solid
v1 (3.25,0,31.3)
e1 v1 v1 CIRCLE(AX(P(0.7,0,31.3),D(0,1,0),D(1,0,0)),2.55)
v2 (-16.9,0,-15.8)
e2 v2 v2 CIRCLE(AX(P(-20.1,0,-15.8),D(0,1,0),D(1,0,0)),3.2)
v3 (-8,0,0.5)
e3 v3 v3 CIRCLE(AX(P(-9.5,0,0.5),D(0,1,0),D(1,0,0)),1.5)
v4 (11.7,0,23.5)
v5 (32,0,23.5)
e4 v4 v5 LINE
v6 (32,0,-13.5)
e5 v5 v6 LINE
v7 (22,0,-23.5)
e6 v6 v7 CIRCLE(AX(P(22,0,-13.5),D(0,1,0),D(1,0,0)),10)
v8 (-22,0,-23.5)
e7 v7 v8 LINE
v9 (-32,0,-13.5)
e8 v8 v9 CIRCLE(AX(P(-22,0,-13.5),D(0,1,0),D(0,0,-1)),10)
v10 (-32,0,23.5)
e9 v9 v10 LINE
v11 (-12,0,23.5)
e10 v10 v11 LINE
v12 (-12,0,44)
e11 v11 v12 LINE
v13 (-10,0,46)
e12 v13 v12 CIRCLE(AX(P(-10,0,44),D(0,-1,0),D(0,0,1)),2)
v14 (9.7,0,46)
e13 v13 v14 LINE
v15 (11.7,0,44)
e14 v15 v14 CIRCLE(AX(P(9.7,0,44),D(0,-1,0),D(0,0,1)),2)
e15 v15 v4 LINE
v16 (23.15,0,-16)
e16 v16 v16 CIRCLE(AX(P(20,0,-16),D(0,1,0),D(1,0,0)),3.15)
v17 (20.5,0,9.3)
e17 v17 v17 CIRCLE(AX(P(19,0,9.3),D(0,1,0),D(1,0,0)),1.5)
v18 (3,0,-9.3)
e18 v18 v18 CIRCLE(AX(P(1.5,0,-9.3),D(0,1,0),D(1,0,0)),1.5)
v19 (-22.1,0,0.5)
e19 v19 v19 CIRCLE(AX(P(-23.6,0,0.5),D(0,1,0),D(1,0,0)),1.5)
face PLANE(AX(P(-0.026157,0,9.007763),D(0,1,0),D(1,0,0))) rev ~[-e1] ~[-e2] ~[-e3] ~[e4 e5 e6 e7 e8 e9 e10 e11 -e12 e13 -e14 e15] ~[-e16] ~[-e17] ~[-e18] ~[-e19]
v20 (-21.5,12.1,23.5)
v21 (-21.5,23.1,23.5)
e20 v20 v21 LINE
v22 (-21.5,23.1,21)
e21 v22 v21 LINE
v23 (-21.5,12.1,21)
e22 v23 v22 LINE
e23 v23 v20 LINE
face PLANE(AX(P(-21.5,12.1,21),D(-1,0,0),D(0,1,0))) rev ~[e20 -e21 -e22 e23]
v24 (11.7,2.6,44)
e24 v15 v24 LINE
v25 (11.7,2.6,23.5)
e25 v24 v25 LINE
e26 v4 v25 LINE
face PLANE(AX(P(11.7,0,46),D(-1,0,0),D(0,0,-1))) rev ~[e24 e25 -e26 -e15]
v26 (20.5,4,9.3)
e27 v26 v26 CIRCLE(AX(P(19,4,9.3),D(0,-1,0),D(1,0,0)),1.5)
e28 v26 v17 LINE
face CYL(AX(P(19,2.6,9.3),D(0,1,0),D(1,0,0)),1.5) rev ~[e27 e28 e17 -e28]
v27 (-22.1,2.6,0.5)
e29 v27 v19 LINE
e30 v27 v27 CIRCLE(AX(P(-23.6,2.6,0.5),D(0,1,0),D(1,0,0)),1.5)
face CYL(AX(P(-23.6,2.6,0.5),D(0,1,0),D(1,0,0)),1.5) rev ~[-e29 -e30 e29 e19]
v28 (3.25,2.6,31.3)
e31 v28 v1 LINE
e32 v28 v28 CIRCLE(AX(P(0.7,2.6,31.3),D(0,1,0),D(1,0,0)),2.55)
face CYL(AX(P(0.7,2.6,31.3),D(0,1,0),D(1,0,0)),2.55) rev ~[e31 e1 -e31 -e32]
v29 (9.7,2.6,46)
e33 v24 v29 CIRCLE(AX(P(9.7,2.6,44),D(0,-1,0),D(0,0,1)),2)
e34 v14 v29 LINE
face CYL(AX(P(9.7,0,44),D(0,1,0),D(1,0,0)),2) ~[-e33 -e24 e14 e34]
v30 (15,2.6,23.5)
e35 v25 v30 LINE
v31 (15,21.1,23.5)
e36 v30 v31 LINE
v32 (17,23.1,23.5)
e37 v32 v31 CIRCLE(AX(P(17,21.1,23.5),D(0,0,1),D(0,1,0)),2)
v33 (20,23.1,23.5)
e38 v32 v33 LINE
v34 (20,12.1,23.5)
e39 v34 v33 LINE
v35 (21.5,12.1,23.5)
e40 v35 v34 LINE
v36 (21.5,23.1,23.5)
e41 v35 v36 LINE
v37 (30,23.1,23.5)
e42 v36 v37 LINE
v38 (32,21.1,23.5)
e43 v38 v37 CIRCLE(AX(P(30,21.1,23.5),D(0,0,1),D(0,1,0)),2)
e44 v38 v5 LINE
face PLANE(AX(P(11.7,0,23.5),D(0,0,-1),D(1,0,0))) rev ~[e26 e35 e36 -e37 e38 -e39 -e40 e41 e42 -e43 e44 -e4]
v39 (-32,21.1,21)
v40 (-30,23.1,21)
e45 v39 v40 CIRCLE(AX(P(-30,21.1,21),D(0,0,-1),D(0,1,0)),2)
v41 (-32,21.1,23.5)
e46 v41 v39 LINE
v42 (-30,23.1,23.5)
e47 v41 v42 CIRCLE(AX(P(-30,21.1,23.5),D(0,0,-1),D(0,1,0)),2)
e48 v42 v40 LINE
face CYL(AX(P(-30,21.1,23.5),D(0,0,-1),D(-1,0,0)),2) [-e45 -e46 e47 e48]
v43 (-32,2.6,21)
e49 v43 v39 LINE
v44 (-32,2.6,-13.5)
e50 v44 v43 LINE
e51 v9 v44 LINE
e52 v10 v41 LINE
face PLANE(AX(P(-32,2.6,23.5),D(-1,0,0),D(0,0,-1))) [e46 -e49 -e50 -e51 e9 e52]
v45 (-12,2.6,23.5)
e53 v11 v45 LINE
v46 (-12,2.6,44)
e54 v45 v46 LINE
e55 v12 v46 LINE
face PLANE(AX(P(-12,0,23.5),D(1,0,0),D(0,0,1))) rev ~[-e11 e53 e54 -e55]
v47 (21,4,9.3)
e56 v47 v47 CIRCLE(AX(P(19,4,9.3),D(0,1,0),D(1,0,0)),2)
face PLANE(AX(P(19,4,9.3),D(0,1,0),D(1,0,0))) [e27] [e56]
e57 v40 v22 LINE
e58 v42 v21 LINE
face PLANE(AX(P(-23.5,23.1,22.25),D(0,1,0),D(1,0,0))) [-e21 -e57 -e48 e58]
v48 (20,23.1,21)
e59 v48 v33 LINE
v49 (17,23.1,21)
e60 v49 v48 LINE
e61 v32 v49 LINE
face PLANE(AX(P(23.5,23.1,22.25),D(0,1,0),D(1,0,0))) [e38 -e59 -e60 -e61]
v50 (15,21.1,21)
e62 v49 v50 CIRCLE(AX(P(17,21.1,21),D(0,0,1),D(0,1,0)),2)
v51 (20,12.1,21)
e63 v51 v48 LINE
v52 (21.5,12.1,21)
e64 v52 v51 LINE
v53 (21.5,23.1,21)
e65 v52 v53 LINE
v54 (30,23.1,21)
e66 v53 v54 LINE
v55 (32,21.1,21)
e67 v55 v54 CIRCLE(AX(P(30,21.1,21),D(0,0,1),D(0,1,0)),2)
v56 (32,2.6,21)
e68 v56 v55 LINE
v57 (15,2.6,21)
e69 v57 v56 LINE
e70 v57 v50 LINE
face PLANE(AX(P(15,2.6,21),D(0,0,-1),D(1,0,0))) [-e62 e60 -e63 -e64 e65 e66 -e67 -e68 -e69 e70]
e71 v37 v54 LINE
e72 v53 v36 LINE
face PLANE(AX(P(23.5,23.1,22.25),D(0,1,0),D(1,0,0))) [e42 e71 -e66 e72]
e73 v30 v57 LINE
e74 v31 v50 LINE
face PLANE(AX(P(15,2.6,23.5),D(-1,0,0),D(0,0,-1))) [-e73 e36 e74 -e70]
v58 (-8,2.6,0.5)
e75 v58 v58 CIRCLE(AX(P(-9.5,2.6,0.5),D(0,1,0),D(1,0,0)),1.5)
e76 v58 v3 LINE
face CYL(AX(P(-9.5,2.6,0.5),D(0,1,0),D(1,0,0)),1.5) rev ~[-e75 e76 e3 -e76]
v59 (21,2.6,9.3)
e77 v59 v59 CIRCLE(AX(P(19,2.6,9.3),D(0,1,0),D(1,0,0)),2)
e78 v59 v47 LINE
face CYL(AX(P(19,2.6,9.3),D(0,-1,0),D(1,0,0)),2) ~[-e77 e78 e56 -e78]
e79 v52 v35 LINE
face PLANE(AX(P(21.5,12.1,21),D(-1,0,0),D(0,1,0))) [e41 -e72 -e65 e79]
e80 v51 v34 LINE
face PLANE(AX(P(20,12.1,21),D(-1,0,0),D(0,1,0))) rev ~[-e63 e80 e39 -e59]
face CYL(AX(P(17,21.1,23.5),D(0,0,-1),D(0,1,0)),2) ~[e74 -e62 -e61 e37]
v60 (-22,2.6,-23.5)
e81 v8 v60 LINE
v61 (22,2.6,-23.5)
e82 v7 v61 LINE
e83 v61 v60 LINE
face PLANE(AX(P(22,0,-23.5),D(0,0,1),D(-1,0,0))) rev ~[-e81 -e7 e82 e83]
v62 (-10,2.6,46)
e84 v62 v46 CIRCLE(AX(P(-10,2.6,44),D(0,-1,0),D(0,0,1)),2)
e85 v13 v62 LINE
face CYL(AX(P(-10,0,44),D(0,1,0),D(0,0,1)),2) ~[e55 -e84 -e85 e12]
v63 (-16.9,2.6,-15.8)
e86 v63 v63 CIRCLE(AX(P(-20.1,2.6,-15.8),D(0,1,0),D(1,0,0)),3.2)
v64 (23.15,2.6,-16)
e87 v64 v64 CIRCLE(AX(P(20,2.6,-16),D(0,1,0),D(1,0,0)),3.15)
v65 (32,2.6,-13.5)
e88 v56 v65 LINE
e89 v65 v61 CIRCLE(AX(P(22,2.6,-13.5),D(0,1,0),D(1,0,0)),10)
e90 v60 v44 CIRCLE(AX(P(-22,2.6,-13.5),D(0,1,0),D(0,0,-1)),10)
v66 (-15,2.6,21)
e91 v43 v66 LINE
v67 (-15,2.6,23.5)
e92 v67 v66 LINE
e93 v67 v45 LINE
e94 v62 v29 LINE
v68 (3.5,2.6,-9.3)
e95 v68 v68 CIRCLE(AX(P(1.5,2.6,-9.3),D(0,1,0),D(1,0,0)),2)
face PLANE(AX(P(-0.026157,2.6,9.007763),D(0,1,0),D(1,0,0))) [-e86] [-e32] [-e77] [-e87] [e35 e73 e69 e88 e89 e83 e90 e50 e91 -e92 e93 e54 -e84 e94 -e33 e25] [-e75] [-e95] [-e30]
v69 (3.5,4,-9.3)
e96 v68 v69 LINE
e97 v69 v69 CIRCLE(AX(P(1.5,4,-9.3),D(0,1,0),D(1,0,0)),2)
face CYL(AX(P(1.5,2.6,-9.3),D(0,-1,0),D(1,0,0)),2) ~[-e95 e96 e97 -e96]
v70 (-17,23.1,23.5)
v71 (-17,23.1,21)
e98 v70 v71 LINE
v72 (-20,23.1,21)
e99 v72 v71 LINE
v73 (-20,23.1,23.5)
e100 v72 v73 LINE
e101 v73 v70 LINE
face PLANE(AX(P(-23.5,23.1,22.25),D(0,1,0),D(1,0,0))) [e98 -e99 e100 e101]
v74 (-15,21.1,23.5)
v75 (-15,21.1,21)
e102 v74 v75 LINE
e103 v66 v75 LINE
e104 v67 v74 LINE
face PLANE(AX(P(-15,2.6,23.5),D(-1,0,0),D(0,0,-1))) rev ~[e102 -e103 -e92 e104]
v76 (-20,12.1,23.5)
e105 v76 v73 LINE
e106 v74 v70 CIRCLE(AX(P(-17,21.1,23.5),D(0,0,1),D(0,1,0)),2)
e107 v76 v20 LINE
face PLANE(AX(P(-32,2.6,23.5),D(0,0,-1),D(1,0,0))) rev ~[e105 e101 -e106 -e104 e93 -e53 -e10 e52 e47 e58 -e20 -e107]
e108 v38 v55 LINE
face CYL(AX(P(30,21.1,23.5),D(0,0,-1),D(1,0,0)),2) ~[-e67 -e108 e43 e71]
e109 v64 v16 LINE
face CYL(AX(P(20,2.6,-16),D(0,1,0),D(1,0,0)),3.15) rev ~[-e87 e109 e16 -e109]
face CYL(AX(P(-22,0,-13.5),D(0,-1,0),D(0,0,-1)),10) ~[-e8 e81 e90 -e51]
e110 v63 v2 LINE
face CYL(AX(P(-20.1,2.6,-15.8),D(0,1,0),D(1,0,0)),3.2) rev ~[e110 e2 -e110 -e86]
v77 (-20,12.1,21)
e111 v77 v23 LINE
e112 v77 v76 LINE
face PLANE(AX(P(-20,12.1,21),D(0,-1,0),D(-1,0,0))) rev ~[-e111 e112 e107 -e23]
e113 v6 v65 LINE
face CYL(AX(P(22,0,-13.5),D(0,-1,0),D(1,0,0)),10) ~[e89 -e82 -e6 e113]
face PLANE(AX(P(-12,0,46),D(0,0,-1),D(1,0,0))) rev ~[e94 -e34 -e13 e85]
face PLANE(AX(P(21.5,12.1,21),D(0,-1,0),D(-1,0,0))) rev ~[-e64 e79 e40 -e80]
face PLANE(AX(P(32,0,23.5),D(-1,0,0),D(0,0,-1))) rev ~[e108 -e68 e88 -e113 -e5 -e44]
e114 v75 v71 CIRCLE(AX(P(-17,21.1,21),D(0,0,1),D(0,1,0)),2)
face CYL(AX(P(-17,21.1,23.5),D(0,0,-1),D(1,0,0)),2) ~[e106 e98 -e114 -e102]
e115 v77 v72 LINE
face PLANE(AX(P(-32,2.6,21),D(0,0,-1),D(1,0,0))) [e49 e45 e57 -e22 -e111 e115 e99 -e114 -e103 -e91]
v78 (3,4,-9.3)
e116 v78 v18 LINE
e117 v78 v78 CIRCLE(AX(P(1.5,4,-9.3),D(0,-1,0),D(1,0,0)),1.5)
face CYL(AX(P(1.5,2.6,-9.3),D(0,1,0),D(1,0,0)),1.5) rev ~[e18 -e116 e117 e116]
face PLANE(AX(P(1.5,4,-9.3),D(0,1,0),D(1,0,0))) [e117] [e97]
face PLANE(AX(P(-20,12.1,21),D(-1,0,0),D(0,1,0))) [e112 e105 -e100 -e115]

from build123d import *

# Parameters (mm, degrees)
MAIN_BODY_DEPTH          = 2.6
SKETCH4_W                = 17
SKETCH4_H                = 2.5
FLANGES_DEPTH            = 20.5
SKETCH5_R                = 2
DRILL_HOLD_EXTRUDE_DEPTH = 1.4
SKETCH2_R                = 3.2
SKETCH2_R_2              = 3.15
SKETCH2_R_3              = 1.5
SKETCH2_R_4              = 2.55
SCREW_HOLES_DEPTH        = 21.5
SCREW_HOLES_DEPTH_BACK   = 3.6
FLANGE_FILLET_R          = 2
SKETCH6_W                = 1.5
SKETCH6_H                = 11
FLANGE_NOTCHES_DEPTH     = 26
MAIN_LOWER_BODY_FILLET_R = 2


with BuildPart() as part:
    # Sketch1 → Main Body (new body)
    with BuildSketch(Plane(origin=(0, 0, 0), x_dir=(1, 0, 0), z_dir=(0, 1, 0))):
        with BuildLine():
            Line((11.7, -23.5), (32, -23.5))
            Line((32, -23.5), (32, 13.5))
            ThreePointArc((32, 13.5), (29.071067812, 20.571067812), (22, 23.5))
            Line((22, 23.5), (-22, 23.5))
            ThreePointArc((-22, 23.5), (-29.071067812, 20.571067812), (-32, 13.5))
            Line((-32, 13.5), (-32, -23.5))
            Line((-32, -23.5), (-12, -23.5))
            Line((-12, -23.5), (-12, -46))
            Line((-12, -46), (11.7, -46))
            Line((11.7, -46), (11.7, -23.5))
        make_face()
    extrude(amount=MAIN_BODY_DEPTH)

    # Sketch4 → Flanges (add)
    with BuildSketch(Plane(origin=(0, 2.6, 0), x_dir=(1, 0, 0), z_dir=(0, 1, 0))):
        with Locations((-23.5, -22.25)):
            Rectangle(SKETCH4_W, SKETCH4_H)
        with Locations((23.5, -22.25)):
            Rectangle(SKETCH4_W, SKETCH4_H)
    extrude(amount=FLANGES_DEPTH)

    # Sketch5 → Drill hold extrude (add)
    with BuildSketch(Plane(origin=(0, 2.6, 0), x_dir=(1, 0, 0), z_dir=(0, 1, 0))):
        with Locations((19, -9.3)):
            Circle(SKETCH5_R)
        with Locations((1.5, 9.3)):
            Circle(SKETCH5_R)
    extrude(amount=DRILL_HOLD_EXTRUDE_DEPTH)

    # Sketch2 → Screw holes (cut, two sides)
    with BuildSketch(Plane(origin=(0, 2.6, 0), x_dir=(1, 0, 0), z_dir=(0, 1, 0))) as screw_holes_sk:
        with Locations((-20.1, 15.8)):
            Circle(SKETCH2_R)
        with Locations((20, 16)):
            Circle(SKETCH2_R_2)
        with Locations((1.5, 9.3)):
            Circle(SKETCH2_R_3)
        with Locations((-23.6, -0.5)):
            Circle(SKETCH2_R_3)
        with Locations((-9.5, -0.5)):
            Circle(SKETCH2_R_3)
        with Locations((19, -9.3)):
            Circle(SKETCH2_R_3)
        with Locations((0.7, -31.3)):
            Circle(SKETCH2_R_4)
    extrude(amount=SCREW_HOLES_DEPTH, mode=Mode.SUBTRACT)
    extrude(screw_holes_sk.sketch, amount=-SCREW_HOLES_DEPTH_BACK, mode=Mode.SUBTRACT)

    # Flange Fillet
    flange_fillet_edges = [part.edges().sort_by_distance(p)[0] for p in [
        (-32, 23.1, 22.25),
        (-15, 23.1, 22.25),
        (32, 23.1, 22.25),
        (15, 23.1, 22.25),
    ]]
    fillet(flange_fillet_edges, radius=FLANGE_FILLET_R)

    # Sketch6 → Flange Notches (cut, through all)
    with BuildSketch(Plane(origin=(0, 0, 21), x_dir=(-1, 0, 0), z_dir=(0, 0, -1))):
        with Locations((-20.75, 17.6)):
            Rectangle(SKETCH6_W, SKETCH6_H)
        with Locations((20.75, 17.6)):
            Rectangle(SKETCH6_W, SKETCH6_H)
    extrude(amount=-FLANGE_NOTCHES_DEPTH, mode=Mode.SUBTRACT)

    # Main lower body Fillet
    main_lower_body_fillet_edges = [part.edges().sort_by_distance(p)[0] for p in [
        (11.7, 1.3, 46),
        (-12, 1.3, 46),
    ]]
    fillet(main_lower_body_fillet_edges, radius=MAIN_LOWER_BODY_FILLET_R)


solid = part.part
